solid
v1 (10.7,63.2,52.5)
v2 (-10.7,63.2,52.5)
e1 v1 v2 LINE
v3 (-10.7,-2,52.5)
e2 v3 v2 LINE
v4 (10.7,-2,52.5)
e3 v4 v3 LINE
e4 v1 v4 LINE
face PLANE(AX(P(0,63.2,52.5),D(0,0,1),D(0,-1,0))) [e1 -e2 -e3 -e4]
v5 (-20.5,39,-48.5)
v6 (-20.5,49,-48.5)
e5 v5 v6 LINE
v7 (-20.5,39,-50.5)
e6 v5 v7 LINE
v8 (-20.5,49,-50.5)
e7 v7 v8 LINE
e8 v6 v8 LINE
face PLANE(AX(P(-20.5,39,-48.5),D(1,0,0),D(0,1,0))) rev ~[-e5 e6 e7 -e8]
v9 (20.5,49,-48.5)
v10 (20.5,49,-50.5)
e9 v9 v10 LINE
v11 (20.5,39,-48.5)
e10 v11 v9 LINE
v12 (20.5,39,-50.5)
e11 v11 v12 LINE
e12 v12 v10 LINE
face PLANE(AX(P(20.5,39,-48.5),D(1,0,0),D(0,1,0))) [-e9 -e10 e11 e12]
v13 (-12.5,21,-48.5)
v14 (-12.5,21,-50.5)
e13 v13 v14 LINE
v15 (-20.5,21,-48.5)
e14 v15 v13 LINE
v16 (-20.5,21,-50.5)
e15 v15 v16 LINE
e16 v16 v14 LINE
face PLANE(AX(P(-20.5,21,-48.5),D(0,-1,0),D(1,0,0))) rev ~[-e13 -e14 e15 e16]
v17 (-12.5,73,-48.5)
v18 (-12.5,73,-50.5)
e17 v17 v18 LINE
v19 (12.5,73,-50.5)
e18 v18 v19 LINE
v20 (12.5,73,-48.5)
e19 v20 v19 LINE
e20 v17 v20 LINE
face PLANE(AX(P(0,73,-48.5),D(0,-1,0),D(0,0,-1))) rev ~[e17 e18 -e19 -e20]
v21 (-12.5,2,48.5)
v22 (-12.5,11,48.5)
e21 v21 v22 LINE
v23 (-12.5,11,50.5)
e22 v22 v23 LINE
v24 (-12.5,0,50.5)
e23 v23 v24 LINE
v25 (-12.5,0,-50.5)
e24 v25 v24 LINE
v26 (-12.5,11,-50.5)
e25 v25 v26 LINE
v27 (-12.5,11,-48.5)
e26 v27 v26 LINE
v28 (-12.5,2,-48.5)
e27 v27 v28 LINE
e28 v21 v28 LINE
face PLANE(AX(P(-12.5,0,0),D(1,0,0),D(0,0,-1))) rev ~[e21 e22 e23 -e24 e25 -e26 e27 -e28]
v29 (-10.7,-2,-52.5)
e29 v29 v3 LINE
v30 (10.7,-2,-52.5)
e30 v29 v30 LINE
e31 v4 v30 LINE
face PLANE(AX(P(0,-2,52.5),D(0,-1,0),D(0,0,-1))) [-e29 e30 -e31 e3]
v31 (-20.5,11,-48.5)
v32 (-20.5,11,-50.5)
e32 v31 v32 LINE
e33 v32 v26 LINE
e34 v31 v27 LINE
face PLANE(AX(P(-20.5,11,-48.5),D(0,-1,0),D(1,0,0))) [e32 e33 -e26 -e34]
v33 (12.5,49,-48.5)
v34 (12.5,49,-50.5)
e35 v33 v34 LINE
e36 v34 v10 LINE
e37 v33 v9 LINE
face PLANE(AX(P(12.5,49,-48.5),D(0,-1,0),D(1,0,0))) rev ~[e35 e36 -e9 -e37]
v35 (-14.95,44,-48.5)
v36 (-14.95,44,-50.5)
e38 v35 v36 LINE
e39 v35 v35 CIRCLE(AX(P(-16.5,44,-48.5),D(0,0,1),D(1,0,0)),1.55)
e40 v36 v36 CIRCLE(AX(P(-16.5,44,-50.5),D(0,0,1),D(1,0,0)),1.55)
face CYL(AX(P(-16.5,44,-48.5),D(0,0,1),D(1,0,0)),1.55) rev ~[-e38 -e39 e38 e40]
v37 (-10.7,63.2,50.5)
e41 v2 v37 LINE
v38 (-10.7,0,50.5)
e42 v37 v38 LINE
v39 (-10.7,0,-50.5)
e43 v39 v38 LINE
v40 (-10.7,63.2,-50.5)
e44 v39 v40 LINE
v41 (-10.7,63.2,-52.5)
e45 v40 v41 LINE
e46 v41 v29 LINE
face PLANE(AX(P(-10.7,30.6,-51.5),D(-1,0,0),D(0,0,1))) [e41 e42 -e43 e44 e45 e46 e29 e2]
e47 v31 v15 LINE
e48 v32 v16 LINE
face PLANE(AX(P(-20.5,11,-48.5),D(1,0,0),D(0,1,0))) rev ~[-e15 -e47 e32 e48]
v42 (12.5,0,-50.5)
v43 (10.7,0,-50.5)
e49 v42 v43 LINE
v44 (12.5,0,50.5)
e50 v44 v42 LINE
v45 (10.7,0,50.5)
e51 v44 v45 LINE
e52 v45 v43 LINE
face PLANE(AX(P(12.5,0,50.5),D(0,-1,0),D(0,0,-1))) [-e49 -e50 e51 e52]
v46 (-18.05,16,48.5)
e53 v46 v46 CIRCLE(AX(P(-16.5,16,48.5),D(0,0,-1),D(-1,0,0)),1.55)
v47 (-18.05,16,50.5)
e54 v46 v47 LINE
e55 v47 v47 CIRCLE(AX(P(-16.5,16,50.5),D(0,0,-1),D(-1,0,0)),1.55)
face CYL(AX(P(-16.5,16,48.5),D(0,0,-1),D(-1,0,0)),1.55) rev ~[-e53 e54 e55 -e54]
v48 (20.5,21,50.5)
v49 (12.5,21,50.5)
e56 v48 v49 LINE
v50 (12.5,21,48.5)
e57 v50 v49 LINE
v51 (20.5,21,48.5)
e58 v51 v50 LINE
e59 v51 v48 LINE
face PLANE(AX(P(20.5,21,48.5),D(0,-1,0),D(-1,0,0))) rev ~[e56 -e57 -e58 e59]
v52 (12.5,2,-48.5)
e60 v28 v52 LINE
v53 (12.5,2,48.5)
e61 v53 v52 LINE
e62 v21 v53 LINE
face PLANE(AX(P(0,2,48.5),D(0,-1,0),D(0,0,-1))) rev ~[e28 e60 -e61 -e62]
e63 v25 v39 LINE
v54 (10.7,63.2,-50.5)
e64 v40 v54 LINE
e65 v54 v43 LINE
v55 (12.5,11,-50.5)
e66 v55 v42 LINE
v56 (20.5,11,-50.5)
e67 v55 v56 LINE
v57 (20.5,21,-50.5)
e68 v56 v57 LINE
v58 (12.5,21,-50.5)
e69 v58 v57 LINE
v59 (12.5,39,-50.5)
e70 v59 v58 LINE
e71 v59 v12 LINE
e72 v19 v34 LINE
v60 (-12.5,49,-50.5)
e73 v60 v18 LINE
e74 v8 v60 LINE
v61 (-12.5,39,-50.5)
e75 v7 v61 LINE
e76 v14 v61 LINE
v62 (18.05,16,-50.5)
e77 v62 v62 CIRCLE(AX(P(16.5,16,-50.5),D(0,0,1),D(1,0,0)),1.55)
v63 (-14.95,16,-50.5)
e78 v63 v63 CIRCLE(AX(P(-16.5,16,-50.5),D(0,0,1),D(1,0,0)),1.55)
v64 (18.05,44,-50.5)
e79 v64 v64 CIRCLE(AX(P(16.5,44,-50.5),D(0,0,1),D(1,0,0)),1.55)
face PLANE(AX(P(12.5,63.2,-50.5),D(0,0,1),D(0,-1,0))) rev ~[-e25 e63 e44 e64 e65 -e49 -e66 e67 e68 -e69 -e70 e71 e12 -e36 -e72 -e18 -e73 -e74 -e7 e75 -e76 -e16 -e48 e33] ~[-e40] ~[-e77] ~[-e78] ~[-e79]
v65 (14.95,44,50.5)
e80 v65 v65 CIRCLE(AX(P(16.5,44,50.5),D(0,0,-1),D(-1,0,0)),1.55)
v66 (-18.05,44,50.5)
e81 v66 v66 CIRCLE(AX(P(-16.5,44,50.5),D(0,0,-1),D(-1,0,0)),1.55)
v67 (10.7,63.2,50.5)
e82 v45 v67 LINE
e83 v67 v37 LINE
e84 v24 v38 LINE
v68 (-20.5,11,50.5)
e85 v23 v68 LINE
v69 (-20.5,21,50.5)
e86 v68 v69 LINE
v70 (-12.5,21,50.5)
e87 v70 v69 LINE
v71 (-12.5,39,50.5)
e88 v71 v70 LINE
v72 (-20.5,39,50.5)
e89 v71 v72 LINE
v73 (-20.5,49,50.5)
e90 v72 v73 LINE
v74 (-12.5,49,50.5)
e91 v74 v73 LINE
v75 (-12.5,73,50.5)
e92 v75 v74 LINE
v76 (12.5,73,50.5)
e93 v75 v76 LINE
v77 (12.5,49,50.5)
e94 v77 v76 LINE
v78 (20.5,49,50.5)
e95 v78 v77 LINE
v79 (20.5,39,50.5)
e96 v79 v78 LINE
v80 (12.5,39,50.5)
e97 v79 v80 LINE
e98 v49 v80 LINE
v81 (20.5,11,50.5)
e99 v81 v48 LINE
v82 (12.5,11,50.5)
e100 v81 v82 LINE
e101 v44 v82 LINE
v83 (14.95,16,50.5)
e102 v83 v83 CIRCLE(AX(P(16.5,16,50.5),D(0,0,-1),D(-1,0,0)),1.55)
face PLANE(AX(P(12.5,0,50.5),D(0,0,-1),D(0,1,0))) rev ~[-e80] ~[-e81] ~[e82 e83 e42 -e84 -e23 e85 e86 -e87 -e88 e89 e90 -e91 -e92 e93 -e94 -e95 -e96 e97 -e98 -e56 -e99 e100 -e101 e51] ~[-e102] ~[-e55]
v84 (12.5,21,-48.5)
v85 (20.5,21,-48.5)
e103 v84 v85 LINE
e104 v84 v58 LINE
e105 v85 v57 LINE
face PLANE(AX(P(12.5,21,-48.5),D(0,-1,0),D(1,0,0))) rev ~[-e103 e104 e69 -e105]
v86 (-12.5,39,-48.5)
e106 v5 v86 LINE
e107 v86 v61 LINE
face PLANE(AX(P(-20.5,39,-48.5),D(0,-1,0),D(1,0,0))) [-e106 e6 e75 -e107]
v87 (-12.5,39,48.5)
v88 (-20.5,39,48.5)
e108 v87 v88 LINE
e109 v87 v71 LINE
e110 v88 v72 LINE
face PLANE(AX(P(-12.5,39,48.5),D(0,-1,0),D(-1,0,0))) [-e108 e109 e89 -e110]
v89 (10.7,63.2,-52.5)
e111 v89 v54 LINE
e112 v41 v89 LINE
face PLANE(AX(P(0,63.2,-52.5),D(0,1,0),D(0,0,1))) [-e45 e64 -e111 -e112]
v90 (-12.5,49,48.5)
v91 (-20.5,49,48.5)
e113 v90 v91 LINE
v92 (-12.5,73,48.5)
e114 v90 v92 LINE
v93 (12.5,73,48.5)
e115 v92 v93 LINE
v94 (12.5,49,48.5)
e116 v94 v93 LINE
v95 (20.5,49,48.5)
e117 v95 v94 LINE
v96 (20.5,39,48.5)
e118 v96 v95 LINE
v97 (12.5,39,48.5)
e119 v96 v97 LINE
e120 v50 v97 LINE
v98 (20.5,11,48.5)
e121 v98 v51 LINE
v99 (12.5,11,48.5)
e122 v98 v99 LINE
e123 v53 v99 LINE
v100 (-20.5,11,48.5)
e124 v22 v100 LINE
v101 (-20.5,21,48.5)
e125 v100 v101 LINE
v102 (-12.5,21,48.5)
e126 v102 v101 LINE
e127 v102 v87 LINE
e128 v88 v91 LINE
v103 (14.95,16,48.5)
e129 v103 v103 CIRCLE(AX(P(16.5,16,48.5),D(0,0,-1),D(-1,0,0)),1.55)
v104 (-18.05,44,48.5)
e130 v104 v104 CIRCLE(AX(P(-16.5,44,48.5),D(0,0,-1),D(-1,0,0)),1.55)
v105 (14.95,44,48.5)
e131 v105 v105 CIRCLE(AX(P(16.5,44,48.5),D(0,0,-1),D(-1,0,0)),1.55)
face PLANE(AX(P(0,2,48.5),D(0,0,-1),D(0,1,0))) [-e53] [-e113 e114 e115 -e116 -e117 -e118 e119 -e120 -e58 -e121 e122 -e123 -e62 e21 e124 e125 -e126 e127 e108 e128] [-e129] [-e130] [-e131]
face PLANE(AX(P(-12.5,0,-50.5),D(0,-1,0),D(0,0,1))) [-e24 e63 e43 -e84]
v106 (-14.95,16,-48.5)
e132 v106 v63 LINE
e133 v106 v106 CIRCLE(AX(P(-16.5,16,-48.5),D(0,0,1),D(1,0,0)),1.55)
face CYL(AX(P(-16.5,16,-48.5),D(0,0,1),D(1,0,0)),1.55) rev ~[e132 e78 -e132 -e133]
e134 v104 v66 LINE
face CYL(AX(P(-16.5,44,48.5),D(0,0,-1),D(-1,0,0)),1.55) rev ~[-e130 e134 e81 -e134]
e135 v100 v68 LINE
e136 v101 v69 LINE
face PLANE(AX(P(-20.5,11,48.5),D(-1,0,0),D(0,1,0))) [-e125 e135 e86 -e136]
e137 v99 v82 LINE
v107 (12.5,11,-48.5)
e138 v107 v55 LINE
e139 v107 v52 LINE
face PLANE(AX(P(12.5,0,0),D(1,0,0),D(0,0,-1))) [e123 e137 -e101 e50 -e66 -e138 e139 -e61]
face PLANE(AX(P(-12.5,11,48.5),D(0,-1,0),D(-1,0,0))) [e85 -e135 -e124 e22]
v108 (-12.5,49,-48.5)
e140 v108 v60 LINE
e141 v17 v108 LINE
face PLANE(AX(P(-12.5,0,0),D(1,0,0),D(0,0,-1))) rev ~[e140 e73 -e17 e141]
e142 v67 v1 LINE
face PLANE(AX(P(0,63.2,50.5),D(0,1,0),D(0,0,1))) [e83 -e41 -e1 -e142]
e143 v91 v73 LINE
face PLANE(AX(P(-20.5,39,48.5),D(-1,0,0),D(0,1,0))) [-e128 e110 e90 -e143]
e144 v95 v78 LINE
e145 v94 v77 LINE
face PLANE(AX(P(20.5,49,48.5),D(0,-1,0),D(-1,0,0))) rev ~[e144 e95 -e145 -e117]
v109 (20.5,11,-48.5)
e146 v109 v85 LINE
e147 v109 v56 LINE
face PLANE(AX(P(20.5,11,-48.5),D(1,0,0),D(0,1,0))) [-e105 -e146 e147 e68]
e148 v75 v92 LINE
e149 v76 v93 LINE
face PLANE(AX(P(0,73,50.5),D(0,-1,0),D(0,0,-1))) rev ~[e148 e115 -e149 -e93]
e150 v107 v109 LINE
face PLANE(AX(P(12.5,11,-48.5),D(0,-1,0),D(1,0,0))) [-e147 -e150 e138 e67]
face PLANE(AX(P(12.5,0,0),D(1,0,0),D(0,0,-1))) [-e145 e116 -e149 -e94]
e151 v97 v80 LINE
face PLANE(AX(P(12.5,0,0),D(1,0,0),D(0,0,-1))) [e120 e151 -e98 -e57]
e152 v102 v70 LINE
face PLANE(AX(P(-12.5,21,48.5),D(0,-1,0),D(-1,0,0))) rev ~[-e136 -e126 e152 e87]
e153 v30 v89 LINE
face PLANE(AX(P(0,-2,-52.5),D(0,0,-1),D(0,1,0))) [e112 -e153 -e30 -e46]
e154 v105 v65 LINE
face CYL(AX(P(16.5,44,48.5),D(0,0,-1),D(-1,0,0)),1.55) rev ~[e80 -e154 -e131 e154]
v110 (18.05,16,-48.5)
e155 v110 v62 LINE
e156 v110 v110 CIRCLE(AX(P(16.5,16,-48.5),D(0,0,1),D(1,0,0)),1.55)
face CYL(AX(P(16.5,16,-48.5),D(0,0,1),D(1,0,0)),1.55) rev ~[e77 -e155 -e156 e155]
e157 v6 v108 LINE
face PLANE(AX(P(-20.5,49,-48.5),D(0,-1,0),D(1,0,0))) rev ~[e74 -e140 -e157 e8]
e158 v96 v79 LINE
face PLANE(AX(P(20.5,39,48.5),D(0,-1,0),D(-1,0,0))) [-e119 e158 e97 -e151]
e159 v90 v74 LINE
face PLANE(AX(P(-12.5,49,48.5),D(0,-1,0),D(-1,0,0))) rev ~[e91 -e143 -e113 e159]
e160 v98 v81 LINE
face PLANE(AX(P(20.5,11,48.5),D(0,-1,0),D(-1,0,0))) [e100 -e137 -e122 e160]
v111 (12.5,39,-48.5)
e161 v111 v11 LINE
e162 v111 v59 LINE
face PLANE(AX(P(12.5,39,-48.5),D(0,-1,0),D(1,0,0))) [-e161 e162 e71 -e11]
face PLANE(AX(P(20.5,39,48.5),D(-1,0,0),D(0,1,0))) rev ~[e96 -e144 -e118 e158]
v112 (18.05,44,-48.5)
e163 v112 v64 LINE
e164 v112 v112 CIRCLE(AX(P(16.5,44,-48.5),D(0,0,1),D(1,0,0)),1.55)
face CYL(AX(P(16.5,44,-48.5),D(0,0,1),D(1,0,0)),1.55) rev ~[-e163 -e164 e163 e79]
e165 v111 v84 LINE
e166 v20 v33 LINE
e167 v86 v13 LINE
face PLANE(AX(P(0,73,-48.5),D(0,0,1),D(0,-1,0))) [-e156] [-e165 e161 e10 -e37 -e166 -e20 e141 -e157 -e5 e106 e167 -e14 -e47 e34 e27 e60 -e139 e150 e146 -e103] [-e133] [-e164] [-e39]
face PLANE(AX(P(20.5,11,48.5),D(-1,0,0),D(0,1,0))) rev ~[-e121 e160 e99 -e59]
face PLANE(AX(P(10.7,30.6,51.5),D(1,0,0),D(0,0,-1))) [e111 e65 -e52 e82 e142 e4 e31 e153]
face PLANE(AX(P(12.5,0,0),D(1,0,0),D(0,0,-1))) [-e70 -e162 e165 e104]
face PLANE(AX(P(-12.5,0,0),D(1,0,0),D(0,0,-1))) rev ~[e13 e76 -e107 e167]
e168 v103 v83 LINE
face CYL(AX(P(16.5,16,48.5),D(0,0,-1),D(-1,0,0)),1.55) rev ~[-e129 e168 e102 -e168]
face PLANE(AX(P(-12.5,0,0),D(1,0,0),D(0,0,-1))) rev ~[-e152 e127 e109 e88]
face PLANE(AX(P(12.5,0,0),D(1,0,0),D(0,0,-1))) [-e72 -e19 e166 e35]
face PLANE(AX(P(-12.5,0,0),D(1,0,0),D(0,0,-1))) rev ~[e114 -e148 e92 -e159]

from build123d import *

# Parameters (mm, degrees)
SKETCH1_W           = 105
SKETCH1_H           = 4
SKETCH1_W_2         = 2
SKETCH1_H_2         = 9.8
BOSS_EXTRUDE1_DEPTH = 12.5
SKETCH2_W           = 8
SKETCH2_H           = 10
SKETCH2_R           = 1.55
BOSS_EXTRUDE2_DEPTH = 2
SKETCH4_W           = 8
SKETCH4_H           = 10
SKETCH4_R           = 1.55
BOSS_EXTRUDE3_DEPTH = 2
SKETCH5_W           = 101
SKETCH5_H           = 2
CUT_EXTRUDE1_DEPTH  = 1.8
SKETCH6_W           = 101
SKETCH6_H           = 2
CUT_EXTRUDE2_DEPTH  = 1.8


with BuildPart() as part:
    # Sketch1 → Boss-Extrude1 (new body, symmetric)
    with BuildSketch(Plane(origin=(0, 0, 0), x_dir=(0, 0, -1), z_dir=(1, 0, 0))):
        Rectangle(SKETCH1_W, SKETCH1_H)
        Polygon((-52.5, 63.2), (-52.5, 2), (-48.5, 2), (-48.5, 63.2), (-50.5, 63.2), align=None)
        Polygon((48.5, 63.2), (48.5, 2), (52.5, 2), (52.5, 63.2), (50.5, 63.2), align=None)
        with Locations((-49.5, 68.1)):
            Rectangle(SKETCH1_W_2, SKETCH1_H_2)
        with Locations((49.5, 68.1)):
            Rectangle(SKETCH1_W_2, SKETCH1_H_2)
    extrude(amount=BOSS_EXTRUDE1_DEPTH, both=True)

    # Sketch2 → Boss-Extrude2 (add)
    with BuildSketch(Plane.XY.offset(-48.5)):
        with Locations((-16.5, 16)):
            Rectangle(SKETCH2_W, SKETCH2_H)
        with Locations((-16.5, 16)):
            Circle(SKETCH2_R, mode=Mode.SUBTRACT)
        with Locations((-16.5, 44)):
            Rectangle(SKETCH2_W, SKETCH2_H)
        with Locations((-16.5, 44)):
            Circle(SKETCH2_R, mode=Mode.SUBTRACT)
        with Locations((16.5, 16)):
            Rectangle(SKETCH2_W, SKETCH2_H)
        with Locations((16.5, 16)):
            Circle(SKETCH2_R, mode=Mode.SUBTRACT)
        with Locations((16.5, 44)):
            Rectangle(SKETCH2_W, SKETCH2_H)
        with Locations((16.5, 44)):
            Circle(SKETCH2_R, mode=Mode.SUBTRACT)
    extrude(amount=-BOSS_EXTRUDE2_DEPTH)

    # Sketch4 → Boss-Extrude3 (add)
    with BuildSketch(Plane(origin=(0, 0, 48.5), x_dir=(-1, 0, 0), z_dir=(0, 0, -1))):
        with Locations((-16.5, 16)):
            Rectangle(SKETCH4_W, SKETCH4_H)
        with Locations((-16.5, 16)):
            Circle(SKETCH4_R, mode=Mode.SUBTRACT)
        with Locations((-16.5, 44)):
            Rectangle(SKETCH4_W, SKETCH4_H)
        with Locations((-16.5, 44)):
            Circle(SKETCH4_R, mode=Mode.SUBTRACT)
        with Locations((16.5, 16)):
            Rectangle(SKETCH4_W, SKETCH4_H)
        with Locations((16.5, 16)):
            Circle(SKETCH4_R, mode=Mode.SUBTRACT)
        with Locations((16.5, 44)):
            Rectangle(SKETCH4_W, SKETCH4_H)
        with Locations((16.5, 44)):
            Circle(SKETCH4_R, mode=Mode.SUBTRACT)
    extrude(amount=-BOSS_EXTRUDE3_DEPTH)

    # Sketch5 → Cut-Extrude1 (cut)
    with BuildSketch(Plane.ZY.offset(12.5)):
        Polygon((-50.5, 63.2), (-52.5, 63.2), (-52.5, -2), (-50.5, -2), (-50.5, 0), (-50.5, 11), (-50.5, 21), (-50.5, 39), (-50.5, 49), align=None)
        with Locations((0, -1)):
            Rectangle(SKETCH5_W, SKETCH5_H)
        Polygon((50.5, 0), (50.5, -2), (52.5, -2), (52.5, 63.2), (50.5, 63.2), (50.5, 49), (50.5, 39), (50.5, 21), (50.5, 11), align=None)
    extrude(amount=-CUT_EXTRUDE1_DEPTH, mode=Mode.SUBTRACT)

    # Sketch6 → Cut-Extrude2 (cut)
    with BuildSketch(Plane(origin=(12.5, 0, 0), x_dir=(0, 0, -1), z_dir=(1, 0, 0))):
        Polygon((-50.5, 0), (-50.5, 63.2), (-52.5, 63.2), (-52.5, -2), (-50.5, -2), align=None)
        with Locations((0, -1)):
            Rectangle(SKETCH6_W, SKETCH6_H)
        Polygon((50.5, 63.2), (50.5, 0), (50.5, -2), (52.5, -2), (52.5, 63.2), align=None)
    extrude(amount=-CUT_EXTRUDE2_DEPTH, mode=Mode.SUBTRACT)


solid = part.part
